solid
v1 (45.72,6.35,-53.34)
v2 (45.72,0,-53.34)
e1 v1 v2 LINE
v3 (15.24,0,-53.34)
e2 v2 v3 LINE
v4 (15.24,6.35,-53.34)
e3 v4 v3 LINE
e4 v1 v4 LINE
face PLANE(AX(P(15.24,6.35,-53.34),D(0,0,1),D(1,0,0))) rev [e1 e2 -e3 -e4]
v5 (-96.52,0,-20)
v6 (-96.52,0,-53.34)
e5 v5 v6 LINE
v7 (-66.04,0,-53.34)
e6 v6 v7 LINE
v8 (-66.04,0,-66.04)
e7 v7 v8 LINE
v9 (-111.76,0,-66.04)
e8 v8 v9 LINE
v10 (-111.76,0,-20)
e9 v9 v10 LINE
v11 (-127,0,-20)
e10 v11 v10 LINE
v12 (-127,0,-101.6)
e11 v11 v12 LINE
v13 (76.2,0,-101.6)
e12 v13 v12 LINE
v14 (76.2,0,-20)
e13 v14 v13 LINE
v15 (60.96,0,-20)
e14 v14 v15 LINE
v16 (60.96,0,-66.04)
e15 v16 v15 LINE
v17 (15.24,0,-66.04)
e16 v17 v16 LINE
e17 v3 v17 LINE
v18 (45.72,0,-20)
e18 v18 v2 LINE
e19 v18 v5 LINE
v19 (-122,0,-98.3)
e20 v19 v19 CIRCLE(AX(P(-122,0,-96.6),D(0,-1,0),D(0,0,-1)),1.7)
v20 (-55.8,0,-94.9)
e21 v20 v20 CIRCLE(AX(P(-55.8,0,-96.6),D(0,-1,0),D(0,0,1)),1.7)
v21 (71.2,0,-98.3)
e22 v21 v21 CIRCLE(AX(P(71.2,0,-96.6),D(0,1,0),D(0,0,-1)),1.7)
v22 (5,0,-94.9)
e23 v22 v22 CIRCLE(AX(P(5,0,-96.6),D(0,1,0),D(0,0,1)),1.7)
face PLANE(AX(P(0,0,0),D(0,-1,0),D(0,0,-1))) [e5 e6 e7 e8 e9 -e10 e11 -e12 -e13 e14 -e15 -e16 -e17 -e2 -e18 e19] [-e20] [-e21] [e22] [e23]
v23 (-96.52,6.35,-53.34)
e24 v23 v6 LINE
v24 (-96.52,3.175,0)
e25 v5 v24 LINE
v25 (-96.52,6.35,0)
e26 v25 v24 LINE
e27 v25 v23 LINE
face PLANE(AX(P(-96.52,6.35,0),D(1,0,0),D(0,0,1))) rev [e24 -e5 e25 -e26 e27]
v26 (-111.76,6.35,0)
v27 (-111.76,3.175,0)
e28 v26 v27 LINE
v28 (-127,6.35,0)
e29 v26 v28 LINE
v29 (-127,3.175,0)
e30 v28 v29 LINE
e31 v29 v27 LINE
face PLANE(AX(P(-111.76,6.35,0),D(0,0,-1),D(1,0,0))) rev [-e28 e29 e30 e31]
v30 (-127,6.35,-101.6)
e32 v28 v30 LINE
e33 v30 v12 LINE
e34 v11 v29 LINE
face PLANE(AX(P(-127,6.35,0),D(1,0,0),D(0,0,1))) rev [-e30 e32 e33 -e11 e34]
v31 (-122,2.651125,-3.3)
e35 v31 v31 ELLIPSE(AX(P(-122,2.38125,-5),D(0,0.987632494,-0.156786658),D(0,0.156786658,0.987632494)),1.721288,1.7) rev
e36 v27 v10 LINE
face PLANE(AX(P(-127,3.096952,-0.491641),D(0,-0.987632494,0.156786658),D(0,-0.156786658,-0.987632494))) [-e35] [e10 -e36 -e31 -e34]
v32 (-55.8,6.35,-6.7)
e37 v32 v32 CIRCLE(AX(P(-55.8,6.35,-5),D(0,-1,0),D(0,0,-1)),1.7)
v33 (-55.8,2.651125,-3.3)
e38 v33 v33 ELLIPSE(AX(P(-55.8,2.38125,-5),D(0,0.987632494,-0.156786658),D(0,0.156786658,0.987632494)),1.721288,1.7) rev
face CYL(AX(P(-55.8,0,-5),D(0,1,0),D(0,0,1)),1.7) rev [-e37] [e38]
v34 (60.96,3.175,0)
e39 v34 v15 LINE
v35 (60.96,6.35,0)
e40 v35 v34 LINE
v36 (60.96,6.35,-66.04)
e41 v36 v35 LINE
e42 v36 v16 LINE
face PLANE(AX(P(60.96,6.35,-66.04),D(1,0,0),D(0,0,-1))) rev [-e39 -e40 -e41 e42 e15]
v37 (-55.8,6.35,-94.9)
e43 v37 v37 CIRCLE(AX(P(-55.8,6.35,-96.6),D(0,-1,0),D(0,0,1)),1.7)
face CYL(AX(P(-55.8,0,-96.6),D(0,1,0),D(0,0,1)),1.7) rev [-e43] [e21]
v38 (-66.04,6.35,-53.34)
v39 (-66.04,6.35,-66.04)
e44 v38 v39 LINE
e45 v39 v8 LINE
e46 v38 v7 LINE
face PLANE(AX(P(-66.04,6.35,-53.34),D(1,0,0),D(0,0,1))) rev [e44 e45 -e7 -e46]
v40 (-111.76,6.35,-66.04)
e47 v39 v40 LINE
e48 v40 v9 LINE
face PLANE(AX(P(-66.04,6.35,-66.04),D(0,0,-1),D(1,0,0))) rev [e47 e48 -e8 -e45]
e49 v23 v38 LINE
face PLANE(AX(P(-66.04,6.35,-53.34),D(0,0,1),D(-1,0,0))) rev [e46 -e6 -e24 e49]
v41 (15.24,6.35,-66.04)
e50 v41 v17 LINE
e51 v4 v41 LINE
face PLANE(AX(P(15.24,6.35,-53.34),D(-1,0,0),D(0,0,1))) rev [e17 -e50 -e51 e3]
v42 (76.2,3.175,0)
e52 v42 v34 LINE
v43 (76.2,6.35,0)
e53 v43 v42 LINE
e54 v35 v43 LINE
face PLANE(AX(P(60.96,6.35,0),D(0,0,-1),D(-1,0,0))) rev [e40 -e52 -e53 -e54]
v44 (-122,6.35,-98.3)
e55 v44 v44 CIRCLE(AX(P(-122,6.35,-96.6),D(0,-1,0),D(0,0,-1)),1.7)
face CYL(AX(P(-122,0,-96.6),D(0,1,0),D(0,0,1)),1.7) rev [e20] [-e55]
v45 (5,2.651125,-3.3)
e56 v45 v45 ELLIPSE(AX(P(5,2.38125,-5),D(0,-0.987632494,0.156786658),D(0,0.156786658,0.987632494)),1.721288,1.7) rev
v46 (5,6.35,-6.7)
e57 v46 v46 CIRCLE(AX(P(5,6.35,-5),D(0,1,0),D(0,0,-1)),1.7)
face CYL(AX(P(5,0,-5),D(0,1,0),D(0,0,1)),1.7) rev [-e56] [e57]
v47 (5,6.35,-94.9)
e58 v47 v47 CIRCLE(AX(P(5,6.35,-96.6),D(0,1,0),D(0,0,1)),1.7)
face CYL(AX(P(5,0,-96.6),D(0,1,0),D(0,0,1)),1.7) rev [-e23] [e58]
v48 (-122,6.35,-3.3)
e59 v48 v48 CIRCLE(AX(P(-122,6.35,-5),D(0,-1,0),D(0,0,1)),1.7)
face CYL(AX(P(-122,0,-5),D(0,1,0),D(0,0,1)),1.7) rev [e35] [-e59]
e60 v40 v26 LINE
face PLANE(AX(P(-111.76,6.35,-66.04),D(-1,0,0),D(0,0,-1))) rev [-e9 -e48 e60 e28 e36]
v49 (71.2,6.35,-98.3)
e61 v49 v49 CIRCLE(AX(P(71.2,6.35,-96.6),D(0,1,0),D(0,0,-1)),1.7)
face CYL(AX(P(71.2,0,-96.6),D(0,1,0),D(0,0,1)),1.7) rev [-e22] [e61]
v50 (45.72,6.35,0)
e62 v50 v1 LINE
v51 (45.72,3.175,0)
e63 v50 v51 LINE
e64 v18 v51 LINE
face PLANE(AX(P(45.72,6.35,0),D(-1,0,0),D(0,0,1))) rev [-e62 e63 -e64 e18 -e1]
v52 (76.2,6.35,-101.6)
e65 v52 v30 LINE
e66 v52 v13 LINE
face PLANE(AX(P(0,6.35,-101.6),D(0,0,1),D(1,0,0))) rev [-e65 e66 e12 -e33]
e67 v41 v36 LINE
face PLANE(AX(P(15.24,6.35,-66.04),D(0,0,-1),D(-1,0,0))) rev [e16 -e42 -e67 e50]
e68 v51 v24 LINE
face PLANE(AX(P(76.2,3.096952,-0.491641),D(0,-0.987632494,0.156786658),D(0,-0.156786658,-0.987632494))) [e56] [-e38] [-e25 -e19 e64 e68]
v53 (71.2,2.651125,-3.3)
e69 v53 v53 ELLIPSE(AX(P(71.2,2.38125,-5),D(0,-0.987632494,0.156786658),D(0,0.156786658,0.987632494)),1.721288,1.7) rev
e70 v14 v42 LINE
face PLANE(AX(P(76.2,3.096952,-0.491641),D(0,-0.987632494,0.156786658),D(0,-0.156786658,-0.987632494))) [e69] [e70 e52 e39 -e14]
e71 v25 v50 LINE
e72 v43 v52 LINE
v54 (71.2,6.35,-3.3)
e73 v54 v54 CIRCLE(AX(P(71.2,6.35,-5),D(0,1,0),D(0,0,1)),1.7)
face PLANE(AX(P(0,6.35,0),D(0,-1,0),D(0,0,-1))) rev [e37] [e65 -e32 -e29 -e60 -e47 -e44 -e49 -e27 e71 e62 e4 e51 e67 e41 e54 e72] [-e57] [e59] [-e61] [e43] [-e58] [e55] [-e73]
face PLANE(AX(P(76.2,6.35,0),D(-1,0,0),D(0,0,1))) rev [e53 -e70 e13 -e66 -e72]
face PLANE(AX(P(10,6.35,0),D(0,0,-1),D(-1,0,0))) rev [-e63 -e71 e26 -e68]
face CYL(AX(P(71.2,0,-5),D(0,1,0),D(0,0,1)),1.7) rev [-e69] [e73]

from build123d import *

# Parameters (mm, degrees)
BOSS_EXTRUDE1_DEPTH = 6.35
SKETCH2_R           = 1.7
CUT_EXTRUDE1_DEPTH  = 128.158650905
CUT_EXTRUDE2_DEPTH  = 128.158650905
BOSS_EXTRUDE2_DEPTH = 50.8


with BuildPart() as part:
    # Sketch1 → Boss-Extrude1 (new body)
    with BuildSketch(Plane(origin=(0, 0, 0), x_dir=(1, 0, 0), z_dir=(0, 1, 0))):
        Polygon((15.24, 53.34), (15.24, 66.04), (60.96, 66.04), (60.96, 0), (76.2, 0), (76.2, 101.6), (0, 101.6), (0, 0), (10, 0), (45.72, 0), (45.72, 53.34), align=None)
    extrude(amount=BOSS_EXTRUDE1_DEPTH)

    # Sketch2 → Cut-Extrude1 (cut, through all)
    with BuildSketch(Plane(origin=(0, 6.35, 0), x_dir=(1, 0, 0), z_dir=(0, 1, 0))):
        with Locations(Location((5, 96.6, 0), (0, 0, 270))):
            Circle(SKETCH2_R)
        with Locations(Location((71.2, 96.6, 0), (0, 0, 90))):
            Circle(SKETCH2_R)
        with Locations(Location((71.2, 5, 0), (0, 0, 270))):
            Circle(SKETCH2_R)
        with Locations(Location((5, 5, 0), (0, 0, 90))):
            Circle(SKETCH2_R)
    extrude(amount=-CUT_EXTRUDE1_DEPTH, mode=Mode.SUBTRACT)

    # Sketch3 → Cut-Extrude2 (cut, through all)
    with BuildSketch(Plane.ZY):
        Polygon((0, 3.175), (-20, 0), (0, 0), align=None)
    extrude(amount=-CUT_EXTRUDE2_DEPTH, mode=Mode.SUBTRACT)


with BuildPart() as body_2:
    # Mirror1: mirrored copy
    add(part.part.mirror(Plane.ZY.offset(25.4)))


with BuildPart() as part_1:
    add(part.part)

    add(body_2.part)  # Boss-Extrude2 merges body 2
    # Sketch4 → Boss-Extrude2 (add)
    with BuildSketch(Plane(origin=(-50.8, 0, 0), x_dir=(0, 0, -1), z_dir=(1, 0, 0))):
        Polygon((0, 6.35), (101.6, 6.35), (101.6, 0), (20, 0), (0, 3.175), align=None)
    extrude(amount=BOSS_EXTRUDE2_DEPTH)


solid = part_1.part
